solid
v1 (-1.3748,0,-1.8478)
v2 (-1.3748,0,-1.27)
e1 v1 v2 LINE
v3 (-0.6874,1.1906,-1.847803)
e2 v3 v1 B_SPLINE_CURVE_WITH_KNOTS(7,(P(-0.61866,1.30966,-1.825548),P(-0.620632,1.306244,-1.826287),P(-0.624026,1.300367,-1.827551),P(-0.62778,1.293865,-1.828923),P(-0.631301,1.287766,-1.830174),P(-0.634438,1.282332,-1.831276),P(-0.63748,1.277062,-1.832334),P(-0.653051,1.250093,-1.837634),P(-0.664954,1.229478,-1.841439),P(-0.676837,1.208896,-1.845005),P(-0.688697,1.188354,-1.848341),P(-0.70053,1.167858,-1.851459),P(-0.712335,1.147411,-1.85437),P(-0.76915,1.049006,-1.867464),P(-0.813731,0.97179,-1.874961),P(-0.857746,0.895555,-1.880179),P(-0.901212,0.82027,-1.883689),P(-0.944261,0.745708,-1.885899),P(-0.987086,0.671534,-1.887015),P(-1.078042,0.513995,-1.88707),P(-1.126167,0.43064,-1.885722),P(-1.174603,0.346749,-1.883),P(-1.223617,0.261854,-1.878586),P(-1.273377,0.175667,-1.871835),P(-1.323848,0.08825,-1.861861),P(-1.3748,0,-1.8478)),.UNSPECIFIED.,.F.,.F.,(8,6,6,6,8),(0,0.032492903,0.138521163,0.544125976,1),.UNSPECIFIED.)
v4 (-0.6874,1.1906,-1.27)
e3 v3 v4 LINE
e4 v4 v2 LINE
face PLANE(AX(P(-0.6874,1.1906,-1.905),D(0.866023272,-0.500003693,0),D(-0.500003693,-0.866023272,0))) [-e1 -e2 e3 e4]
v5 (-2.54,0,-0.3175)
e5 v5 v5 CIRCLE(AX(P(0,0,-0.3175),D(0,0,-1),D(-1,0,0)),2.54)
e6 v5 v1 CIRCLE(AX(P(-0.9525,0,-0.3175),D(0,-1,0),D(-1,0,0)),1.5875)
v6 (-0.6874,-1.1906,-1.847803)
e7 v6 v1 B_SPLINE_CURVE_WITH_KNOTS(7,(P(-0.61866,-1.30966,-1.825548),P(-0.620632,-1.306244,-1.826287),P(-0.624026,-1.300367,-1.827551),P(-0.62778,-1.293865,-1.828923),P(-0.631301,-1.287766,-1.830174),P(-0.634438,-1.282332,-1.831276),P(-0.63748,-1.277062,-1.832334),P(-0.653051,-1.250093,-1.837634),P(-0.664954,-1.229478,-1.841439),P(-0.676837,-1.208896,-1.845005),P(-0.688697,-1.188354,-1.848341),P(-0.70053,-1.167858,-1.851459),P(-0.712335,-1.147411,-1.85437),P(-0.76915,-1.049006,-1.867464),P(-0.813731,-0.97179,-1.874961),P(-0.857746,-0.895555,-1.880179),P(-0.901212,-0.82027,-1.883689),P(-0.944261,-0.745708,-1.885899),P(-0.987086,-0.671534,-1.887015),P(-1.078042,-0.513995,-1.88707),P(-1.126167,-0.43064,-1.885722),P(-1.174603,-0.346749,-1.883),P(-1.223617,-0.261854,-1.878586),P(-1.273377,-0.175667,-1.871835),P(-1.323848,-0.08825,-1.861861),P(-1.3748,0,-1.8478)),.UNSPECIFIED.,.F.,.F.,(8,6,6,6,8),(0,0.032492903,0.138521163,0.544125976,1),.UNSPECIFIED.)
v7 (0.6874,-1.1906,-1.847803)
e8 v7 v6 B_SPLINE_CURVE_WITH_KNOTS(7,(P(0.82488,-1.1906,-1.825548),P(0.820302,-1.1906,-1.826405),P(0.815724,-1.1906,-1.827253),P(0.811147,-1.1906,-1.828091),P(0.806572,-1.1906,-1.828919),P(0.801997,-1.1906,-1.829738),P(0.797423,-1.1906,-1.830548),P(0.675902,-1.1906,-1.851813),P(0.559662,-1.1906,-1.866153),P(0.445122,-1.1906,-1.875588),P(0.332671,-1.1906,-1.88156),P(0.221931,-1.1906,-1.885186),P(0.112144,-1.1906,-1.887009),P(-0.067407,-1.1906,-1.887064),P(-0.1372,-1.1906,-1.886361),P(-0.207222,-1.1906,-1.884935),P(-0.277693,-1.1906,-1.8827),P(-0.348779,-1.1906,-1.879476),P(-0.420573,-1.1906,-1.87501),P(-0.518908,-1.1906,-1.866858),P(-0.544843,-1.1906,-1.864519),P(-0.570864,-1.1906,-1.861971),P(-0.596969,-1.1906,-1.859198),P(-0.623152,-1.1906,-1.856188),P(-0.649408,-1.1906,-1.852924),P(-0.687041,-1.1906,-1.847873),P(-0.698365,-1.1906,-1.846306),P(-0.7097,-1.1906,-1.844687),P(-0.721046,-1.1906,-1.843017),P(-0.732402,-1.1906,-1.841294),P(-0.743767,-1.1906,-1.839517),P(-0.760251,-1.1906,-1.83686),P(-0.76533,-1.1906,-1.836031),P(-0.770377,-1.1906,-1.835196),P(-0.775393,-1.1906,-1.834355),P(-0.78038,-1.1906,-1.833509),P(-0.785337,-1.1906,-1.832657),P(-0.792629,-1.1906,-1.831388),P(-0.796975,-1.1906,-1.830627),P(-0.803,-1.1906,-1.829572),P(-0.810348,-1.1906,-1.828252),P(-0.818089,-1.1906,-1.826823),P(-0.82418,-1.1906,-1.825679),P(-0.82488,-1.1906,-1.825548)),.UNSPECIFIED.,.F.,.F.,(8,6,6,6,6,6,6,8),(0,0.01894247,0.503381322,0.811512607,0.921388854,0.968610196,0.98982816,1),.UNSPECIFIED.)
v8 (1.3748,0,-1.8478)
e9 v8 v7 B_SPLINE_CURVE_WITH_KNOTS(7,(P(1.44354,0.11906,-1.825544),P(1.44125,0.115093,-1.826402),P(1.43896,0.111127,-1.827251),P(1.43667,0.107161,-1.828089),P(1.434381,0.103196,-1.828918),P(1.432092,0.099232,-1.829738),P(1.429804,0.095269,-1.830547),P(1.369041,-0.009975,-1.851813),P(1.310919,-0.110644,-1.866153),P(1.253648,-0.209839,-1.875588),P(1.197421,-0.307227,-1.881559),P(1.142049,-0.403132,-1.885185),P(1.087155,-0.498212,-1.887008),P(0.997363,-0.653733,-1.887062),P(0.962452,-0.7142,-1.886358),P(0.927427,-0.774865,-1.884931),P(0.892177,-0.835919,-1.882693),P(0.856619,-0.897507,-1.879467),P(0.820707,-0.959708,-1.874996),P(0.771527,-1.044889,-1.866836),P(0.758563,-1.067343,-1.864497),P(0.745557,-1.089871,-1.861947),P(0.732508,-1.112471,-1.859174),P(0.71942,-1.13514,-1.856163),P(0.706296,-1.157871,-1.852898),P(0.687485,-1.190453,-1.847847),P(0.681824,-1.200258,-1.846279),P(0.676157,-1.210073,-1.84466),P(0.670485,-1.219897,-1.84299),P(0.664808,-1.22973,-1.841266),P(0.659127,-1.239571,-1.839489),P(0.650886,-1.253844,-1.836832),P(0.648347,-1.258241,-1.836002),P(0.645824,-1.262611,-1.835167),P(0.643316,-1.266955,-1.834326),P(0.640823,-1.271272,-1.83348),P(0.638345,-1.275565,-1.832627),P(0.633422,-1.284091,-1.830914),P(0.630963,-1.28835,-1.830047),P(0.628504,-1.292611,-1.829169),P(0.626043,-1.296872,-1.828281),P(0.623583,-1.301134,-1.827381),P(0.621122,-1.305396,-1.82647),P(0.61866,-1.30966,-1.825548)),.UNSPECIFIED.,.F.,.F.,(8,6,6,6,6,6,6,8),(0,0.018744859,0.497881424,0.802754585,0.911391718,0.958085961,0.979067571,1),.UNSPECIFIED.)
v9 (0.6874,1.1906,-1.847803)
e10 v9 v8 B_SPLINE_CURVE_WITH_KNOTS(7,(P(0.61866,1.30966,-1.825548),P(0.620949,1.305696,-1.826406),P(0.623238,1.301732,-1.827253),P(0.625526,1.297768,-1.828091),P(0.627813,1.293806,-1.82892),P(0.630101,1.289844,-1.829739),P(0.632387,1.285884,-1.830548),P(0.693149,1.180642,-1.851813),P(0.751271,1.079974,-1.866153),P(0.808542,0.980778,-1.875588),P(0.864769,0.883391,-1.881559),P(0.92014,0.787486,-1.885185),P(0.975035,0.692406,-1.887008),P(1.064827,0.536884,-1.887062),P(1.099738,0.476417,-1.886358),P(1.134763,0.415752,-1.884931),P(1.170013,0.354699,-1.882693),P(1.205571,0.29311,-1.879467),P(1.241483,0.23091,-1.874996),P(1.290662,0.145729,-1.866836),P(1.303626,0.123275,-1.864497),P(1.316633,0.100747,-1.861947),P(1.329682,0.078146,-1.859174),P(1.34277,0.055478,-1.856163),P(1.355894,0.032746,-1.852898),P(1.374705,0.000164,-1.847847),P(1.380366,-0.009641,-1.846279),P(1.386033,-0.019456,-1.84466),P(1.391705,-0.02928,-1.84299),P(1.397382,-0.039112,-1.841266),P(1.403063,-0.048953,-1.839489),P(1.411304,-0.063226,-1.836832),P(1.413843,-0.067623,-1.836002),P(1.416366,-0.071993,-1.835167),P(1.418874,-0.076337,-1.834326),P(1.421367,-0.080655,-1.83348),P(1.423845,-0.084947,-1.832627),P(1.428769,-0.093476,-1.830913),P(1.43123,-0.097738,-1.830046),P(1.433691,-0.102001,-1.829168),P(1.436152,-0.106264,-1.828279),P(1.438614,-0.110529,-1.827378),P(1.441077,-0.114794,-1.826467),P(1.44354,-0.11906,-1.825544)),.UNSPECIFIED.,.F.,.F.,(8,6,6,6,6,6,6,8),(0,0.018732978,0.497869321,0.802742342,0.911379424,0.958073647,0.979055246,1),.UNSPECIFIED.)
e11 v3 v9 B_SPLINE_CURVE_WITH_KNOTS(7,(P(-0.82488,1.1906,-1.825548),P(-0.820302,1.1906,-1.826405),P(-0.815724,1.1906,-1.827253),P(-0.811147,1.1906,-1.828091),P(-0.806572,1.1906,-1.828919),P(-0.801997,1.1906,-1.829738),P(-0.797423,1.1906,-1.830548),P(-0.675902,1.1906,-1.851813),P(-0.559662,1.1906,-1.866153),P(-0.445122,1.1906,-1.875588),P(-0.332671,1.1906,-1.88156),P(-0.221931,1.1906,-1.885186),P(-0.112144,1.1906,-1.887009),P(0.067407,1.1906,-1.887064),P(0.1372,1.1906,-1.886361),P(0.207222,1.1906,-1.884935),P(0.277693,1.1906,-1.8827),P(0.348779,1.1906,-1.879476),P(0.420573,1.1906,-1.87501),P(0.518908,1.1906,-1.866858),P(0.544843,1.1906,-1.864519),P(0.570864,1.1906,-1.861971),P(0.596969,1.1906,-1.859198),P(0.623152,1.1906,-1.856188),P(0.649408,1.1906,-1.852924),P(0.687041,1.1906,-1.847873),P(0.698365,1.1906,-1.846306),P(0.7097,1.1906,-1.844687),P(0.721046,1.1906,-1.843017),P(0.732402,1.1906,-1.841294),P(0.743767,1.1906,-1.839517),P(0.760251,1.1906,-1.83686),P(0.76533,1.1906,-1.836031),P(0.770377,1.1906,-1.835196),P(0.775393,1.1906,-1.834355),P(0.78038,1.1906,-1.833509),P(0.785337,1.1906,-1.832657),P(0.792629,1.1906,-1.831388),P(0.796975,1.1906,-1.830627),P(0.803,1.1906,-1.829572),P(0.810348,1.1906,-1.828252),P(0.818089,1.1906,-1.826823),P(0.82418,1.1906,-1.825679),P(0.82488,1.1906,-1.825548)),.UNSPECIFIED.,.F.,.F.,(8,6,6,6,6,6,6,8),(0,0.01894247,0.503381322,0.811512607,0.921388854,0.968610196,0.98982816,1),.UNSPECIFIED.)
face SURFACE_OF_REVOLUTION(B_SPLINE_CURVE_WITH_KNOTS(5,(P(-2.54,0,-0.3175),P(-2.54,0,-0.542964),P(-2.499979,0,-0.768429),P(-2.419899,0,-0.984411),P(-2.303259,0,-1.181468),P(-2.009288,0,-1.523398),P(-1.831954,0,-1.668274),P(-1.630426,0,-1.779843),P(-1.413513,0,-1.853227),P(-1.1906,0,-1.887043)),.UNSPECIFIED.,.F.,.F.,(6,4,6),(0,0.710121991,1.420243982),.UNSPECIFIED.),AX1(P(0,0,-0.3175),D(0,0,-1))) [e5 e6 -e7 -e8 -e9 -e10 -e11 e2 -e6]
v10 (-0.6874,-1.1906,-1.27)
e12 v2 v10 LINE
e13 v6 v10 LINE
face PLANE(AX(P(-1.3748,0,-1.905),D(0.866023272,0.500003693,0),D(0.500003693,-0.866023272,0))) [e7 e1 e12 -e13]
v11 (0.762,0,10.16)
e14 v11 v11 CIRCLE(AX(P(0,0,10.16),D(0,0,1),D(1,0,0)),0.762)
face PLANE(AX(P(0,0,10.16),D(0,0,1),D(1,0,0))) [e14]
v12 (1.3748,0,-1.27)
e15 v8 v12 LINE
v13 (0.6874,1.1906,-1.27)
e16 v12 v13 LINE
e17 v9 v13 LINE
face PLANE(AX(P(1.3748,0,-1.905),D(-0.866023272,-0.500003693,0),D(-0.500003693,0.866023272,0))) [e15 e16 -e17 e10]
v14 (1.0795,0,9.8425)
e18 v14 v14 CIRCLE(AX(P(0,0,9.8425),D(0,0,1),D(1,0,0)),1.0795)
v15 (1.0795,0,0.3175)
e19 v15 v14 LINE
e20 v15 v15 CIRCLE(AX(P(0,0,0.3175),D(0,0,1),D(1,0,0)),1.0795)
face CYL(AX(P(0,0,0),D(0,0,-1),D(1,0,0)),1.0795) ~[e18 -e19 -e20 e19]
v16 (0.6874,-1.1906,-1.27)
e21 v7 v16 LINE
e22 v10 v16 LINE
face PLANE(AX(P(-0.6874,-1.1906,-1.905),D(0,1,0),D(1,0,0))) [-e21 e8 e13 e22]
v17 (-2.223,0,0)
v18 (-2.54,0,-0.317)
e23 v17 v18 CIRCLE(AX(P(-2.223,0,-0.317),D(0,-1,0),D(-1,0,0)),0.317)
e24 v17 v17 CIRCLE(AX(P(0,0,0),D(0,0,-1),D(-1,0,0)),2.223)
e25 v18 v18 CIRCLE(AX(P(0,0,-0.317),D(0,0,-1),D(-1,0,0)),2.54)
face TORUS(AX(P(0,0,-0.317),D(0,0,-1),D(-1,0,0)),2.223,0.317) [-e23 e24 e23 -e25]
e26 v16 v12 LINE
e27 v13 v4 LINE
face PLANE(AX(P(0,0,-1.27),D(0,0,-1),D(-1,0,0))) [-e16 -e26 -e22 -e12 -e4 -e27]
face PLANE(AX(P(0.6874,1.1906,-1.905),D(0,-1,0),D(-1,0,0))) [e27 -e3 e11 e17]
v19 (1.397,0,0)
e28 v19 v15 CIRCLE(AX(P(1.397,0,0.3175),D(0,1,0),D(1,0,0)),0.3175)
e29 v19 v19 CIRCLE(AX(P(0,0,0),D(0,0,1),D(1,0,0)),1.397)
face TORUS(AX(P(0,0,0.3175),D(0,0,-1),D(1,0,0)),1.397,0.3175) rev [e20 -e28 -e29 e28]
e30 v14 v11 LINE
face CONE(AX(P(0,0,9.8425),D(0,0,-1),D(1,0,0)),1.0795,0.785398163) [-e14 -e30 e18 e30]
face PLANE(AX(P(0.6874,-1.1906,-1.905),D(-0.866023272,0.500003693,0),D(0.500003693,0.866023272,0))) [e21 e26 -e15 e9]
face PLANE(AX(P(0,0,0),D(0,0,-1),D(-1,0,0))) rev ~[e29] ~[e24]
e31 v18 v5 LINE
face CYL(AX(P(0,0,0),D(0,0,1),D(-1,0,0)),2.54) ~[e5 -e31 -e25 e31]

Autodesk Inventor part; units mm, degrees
ref_plane "YZ Plane" through (0, 0, 0) normal (1, 0, 0) x (0, 1, 0)
ref_plane "XZ Plane" through (0, 0, 0) normal (0, 1, 0) x (-1, 0, 0)
ref_plane "XY Plane" through (0, 0, 0) normal (0, 0, 1) x (1, 0, 0)
sketch "Sketch1" plane through (0, 0, 0) normal (0, 0, 1) x (1, 0, 0)
  circle A0 centre (0, 0) radius 1.0795
  dimension "d0" = 2.159
extrude "Extrusion1" add sketch "Sketch1" along normal blind 10.16
sketch "Sketch2" plane through (0, 0, 0) normal (0, 0, -1) x (-1, 0, 0)
  circle A0 centre (0, 0) radius 2.54
  dimension "d3" = 5.08
extrude "Extrusion2" add sketch "Sketch2" along normal blind 1.905
fillet "Fillet1" radius 1.5875 1 edges at (2.54, 0, -1.905)
fillet "Fillet2" radius 0.3175 1 edges at (-1.0795, 0, 0)
fillet "Fillet3" radius 0.3175 1 edges at (2.54, 0, 0)
chamfer "Chamfer1" distance 0.3175 angle 45 1 edges at (-1.0795, 0, 10.16)
sketch "Sketch3" plane through (0, 0, -1.905) normal (0, 0, -1) x (-1, 0, 0)
  line L0 (-1.3748, 0) -> (-0.6874, 1.1906)
  line L1 (-0.6874, 1.1906) -> (0.6874, 1.1906)
  line L2 (0.6874, 1.1906) -> (1.3748, 0)
  line L3 (1.3748, 0) -> (0.6874, -1.1906)
  line L4 (0.6874, -1.1906) -> (-0.6874, -1.1906)
  line L5 (-0.6874, -1.1906) -> (-1.3748, 0)
  point P0 (0, 0)
  point P1 (0, 0)
  dimension "d17" = 2.3813
extrude "Extrusion3" cut sketch "Sketch3" against normal blind 0.635
thread "Thread1" size "4-40 UNC" class "2A" standard "ANSI Unified Screw Threads" full length
properties part number "Axel - Male" material "PPS Plastic"
